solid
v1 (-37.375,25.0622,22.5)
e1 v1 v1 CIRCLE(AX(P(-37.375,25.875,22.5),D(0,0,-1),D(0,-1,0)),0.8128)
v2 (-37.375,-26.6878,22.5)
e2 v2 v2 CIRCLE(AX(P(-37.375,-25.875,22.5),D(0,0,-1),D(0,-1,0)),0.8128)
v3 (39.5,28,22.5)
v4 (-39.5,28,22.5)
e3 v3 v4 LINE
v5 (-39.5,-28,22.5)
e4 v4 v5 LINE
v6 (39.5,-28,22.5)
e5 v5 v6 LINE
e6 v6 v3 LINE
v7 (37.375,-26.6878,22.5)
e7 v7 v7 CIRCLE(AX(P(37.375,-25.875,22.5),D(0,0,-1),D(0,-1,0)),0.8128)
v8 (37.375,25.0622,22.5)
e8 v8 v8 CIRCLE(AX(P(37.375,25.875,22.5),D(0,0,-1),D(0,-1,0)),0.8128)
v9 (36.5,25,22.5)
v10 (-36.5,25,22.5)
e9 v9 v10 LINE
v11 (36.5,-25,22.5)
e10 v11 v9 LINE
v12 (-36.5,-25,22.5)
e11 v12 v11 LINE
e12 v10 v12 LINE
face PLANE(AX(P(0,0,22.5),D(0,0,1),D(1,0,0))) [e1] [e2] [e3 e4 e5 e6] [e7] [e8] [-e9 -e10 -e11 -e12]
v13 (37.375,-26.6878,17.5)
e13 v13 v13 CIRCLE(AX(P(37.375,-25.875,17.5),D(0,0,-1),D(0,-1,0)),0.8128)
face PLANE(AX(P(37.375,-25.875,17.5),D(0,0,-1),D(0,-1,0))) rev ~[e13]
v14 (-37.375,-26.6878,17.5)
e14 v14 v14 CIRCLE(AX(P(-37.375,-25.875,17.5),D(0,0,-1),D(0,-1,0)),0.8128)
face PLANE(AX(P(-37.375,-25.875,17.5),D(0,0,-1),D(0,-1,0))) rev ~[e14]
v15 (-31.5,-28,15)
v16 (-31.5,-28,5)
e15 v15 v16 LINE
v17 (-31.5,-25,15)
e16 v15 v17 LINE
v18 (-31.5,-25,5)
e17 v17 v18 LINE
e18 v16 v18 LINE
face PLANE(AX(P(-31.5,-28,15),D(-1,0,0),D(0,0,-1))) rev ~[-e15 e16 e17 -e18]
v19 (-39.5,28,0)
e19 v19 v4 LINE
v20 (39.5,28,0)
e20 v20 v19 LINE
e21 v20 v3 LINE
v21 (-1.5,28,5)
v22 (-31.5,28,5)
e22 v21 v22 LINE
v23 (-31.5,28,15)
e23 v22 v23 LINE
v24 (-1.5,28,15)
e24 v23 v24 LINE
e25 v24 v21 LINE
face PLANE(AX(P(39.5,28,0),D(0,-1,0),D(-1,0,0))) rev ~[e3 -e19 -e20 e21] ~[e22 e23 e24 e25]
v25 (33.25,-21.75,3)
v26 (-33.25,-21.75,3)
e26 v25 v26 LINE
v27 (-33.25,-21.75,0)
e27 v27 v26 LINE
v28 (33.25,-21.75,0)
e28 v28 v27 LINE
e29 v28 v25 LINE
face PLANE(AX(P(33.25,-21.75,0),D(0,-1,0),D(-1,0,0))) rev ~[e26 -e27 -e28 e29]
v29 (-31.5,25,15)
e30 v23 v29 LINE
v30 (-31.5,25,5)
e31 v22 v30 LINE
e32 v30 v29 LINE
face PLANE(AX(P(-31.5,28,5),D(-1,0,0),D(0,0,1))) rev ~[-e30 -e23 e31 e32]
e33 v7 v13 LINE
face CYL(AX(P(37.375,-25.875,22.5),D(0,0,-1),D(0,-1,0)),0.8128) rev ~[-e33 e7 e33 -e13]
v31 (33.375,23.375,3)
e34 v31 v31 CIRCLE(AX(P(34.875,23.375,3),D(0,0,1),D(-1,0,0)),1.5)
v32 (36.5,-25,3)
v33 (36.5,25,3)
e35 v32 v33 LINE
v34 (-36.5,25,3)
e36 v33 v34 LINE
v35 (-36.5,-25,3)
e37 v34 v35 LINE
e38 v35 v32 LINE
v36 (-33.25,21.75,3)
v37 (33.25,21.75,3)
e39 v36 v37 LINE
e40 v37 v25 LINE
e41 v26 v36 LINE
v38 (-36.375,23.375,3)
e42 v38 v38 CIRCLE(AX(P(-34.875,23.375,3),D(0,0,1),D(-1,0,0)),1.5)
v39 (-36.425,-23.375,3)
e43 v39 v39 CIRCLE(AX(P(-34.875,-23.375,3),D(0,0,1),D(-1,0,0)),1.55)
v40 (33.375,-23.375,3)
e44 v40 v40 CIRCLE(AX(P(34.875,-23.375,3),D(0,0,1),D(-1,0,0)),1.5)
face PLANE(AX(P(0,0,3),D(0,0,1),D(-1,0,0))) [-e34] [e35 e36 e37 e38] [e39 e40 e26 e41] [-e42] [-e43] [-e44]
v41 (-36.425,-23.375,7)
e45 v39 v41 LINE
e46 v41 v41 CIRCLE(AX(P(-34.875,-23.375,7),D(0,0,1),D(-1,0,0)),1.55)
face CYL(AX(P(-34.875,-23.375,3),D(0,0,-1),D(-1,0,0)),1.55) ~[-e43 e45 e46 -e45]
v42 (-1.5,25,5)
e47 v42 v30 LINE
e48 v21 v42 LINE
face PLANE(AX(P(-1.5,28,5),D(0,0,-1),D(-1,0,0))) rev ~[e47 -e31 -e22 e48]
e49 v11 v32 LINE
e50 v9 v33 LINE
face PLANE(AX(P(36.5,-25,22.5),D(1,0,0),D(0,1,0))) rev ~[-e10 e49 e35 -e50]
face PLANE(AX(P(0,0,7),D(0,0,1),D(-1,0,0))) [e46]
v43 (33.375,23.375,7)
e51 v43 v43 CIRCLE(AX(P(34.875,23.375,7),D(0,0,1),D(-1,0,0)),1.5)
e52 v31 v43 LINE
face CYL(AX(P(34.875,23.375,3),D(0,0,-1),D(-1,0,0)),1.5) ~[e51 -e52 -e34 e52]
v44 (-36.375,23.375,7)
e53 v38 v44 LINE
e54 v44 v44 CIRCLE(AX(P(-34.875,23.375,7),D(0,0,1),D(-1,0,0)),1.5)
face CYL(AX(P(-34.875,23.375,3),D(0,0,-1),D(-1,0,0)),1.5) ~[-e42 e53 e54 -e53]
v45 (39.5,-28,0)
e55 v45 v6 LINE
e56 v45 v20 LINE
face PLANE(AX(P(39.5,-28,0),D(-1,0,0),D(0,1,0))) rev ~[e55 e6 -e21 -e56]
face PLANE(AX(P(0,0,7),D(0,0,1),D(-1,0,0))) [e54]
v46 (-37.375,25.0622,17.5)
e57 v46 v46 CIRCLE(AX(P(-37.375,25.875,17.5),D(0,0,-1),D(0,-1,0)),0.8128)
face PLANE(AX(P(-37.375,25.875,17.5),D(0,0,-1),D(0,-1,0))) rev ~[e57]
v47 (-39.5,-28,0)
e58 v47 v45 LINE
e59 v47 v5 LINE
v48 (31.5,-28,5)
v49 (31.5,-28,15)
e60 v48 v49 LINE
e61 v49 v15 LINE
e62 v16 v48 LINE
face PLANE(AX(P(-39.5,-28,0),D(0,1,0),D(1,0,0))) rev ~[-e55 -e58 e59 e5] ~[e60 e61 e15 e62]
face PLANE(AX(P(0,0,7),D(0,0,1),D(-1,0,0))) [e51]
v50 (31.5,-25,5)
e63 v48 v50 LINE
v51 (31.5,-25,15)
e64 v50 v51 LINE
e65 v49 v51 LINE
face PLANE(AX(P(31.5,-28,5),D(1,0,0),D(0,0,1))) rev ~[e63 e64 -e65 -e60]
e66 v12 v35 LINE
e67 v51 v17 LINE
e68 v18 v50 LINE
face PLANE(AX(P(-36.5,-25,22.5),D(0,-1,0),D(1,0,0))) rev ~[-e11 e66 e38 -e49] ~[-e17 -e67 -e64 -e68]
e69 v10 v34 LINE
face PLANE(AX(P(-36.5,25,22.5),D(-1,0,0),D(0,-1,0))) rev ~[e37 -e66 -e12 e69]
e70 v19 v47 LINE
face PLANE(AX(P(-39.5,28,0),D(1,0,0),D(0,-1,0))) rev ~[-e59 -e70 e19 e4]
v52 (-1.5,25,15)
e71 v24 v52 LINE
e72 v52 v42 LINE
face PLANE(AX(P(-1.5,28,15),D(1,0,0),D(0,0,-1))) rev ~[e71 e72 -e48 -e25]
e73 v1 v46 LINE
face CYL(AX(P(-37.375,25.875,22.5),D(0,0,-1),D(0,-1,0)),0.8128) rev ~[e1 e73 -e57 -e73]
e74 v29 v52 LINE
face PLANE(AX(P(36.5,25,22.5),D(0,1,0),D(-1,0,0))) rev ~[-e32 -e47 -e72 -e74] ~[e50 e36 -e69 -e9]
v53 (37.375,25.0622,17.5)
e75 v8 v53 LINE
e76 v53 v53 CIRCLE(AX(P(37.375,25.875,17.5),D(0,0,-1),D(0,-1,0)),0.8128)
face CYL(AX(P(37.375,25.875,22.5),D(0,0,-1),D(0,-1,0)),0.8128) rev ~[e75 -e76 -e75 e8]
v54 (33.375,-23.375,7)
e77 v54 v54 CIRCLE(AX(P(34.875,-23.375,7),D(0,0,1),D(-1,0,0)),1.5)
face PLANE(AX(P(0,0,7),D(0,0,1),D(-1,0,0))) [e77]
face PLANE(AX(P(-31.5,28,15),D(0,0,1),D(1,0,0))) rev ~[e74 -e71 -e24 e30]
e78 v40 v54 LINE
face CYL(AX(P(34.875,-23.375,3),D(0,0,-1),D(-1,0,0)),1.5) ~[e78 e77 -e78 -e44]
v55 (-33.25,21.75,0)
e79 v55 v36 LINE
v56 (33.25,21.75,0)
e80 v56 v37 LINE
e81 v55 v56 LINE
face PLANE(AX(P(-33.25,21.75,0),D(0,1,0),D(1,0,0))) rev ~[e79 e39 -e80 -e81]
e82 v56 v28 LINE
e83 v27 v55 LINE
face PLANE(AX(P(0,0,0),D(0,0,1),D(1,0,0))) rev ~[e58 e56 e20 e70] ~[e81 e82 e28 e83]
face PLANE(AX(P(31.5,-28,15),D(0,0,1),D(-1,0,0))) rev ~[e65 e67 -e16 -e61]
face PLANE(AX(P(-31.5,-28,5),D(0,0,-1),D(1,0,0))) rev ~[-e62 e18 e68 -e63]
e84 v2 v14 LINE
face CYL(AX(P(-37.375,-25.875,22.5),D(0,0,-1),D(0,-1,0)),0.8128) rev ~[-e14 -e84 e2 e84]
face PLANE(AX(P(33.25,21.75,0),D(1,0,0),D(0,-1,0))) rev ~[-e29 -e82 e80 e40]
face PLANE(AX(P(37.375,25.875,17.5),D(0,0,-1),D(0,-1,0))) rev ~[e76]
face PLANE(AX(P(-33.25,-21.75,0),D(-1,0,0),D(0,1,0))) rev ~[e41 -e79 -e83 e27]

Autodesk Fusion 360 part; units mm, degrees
sketch "Sketch1" plane through (0, 0, 0) normal (0, 0, 1) x (1, 0, 0)
  line L0 (39.5, 28) -> (-39.5, 28)
  line L1 (-39.5, 28) -> (-39.5, -28)
  line L2 (-39.5, -28) -> (39.5, -28)
  line L3 (39.5, -28) -> (39.5, 28)
  line L4 (39.5, 28) -> (-39.5, -28) construction
  line L5 (-39.5, 28) -> (39.5, -28) construction
  dimension "d1" = 79
  dimension "d2" = 56
extrude "Extrude1" add sketch "Sketch1" along normal blind 22.5
sketch "Sketch2" plane through (0, 0, 22.5) normal (0, 0, 1) x (-1, 0, 0)
  line L0 (-39.5, 28) -> (-39.5, -28)
  line L1 (-39.5, -28) -> (39.5, -28)
  line L2 (39.5, -28) -> (39.5, 28)
  line L3 (39.5, 28) -> (-39.5, 28)
  line L4 (-36.5, -25) -> (36.5, -25)
  line L5 (36.5, -25) -> (36.5, 25)
  line L6 (36.5, 25) -> (-36.5, 25)
  line L7 (-36.5, 25) -> (-36.5, -25)
  line L8 (-36.5, -25) -> (36.5, 25) construction
  line L9 (36.5, -25) -> (-36.5, 25) construction
  dimension "d5" = 73
  dimension "d6" = 50
extrude "Extrude2" cut sketch "Sketch2" against normal blind 19.5 contours L4 L5 L6 L7
sketch "Sketch3" plane through (0, 0, 0) normal (0, 0, -1) x (1, 0, 0)
  line L0 (39.5, -28) -> (39.5, 28)
  line L1 (39.5, 28) -> (-39.5, 28)
  line L2 (-39.5, 28) -> (-39.5, -28)
  line L3 (-39.5, -28) -> (39.5, -28)
  line L4 (33.25, 21.75) -> (-33.25, 21.75)
  line L5 (-33.25, 21.75) -> (-33.25, -21.75)
  line L6 (-33.25, -21.75) -> (33.25, -21.75)
  line L7 (33.25, -21.75) -> (33.25, 21.75)
  line L8 (33.25, 21.75) -> (-33.25, -21.75) construction
  line L9 (-33.25, 21.75) -> (33.25, -21.75) construction
  dimension "d9" = 66.5
  dimension "d10" = 43.5
sketch "Sketch4" plane through (0, 0, 0) normal (0, 0, -1) x (1, 0, 0)
extrude "Extrude3" cut sketch "Sketch3" against normal blind 3 contours L4 L5 L6 L7
sketch "Sketch5" plane through (0, 0, 3) normal (0, 0, 1) x (-1, 0, 0)
  line L0 (-33.25, 21.75) -> (33.25, 21.75)
  line L1 (33.25, 21.75) -> (33.25, -21.75)
  line L2 (33.25, -21.75) -> (-33.25, -21.75)
  line L3 (-33.25, -21.75) -> (-33.25, 21.75)
  line L4 (-36.5, 25) -> (-36.5, -25)
  line L5 (-36.5, -25) -> (36.5, -25)
  line L6 (36.5, -25) -> (36.5, 25)
  line L7 (36.5, 25) -> (-36.5, 25)
  circle A0 centre (34.875, -23.375) radius 1.5
  dimension "d13" = 3
  dimension "d14" = 1.625
  dimension "d15" = 1.625
sketch "Sketch6" plane through (0, 0, 3) normal (0, 0, 1) x (-1, 0, 0)
  circle A0 centre (-34.875, -23.375) radius 1.5
  line L0 (-36.5, -25) -> (36.5, -25)
  line L1 (-36.5, 25) -> (-36.5, -25)
  circle A1 centre (-34.875, 23.375) radius 1.5
  line L2 (36.5, 25) -> (-36.5, 25)
  circle A2 centre (34.875, 23.375) radius 1.5
  line L3 (36.5, -25) -> (36.5, 25)
  dimension "d16" = 3
  dimension "d17" = 1.625
  dimension "d18" = 1.625
  dimension "d19" = 3
  dimension "d20" = 1.625
  dimension "d21" = 1.625
  dimension "d25" = 3
  dimension "d26" = 1.625
  dimension "d27" = 1.625
sketch "Sketch7" plane through (0, 0, 3) normal (0, 0, 1) x (-1, 0, 0)
  circle A0 centre (34.875, 23.375) radius 1.55
  line L0 (36.5, 25) -> (-36.5, 25)
  line L1 (36.5, -25) -> (36.5, 25)
  dimension "d22" = 3.1
  dimension "d23" = 1.625
  dimension "d24" = 1.625
extrude "Extrude4" add sketch "Sketch5" sketch "Sketch7" sketch "Sketch6" along normal blind 4 contours A0 of sketch 2 of sketch 3 contours A0 | A1
sketch "Sketch8" plane through (0, -28, 0) normal (0, -1, 0) x (1, 0, 0)
  line L0 (-39.5, 0) -> (39.5, 0)
  line L1 (39.5, 0) -> (39.5, 22.5)
  line L2 (39.5, 22.5) -> (-39.5, 22.5)
  line L3 (-39.5, 22.5) -> (-39.5, 0)
  line L4 (31.5, 15) -> (-31.5, 15)
  line L5 (-31.5, 15) -> (-31.5, 5)
  line L6 (-31.5, 5) -> (31.5, 5)
  line L7 (31.5, 5) -> (31.5, 15)
  line L8 (31.5, 15) -> (-31.5, 5) construction
  line L9 (-31.5, 15) -> (31.5, 5) construction
  point P0 (0, 10)
  dimension "d30" = 63
  dimension "d31" = 10
  dimension "d33" = 15
extrude "Extrude5" cut sketch "Sketch8" against normal blind 3 contours L4 L5 L6 L7
sketch "Sketch9" plane through (0, 28, 0) normal (0, 1, 0) x (-1, 0, 0)
  line L0 (-39.5, 0) -> (39.5, 0)
  line L1 (39.5, 0) -> (39.5, 22.5)
  line L2 (39.5, 22.5) -> (-39.5, 22.5)
  line L3 (-39.5, 22.5) -> (-39.5, 0)
  line L4 (31.5, 15) -> (1.5, 15)
  line L5 (1.5, 15) -> (1.5, 5)
  line L6 (1.5, 5) -> (31.5, 5)
  line L7 (31.5, 5) -> (31.5, 15)
  line L8 (31.5, 15) -> (1.5, 5) construction
  line L9 (1.5, 15) -> (31.5, 5) construction
  point P0 (16.5, 10)
  dimension "d36" = 30
  dimension "d37" = 10
  dimension "d38" = 8
  dimension "d39" = 15
extrude "Extrude6" cut sketch "Sketch9" against normal blind 3 contours L4 L5 L6 L7
sketch "Sketch11" plane through (0, 0, 22.5) normal (0, 0, 1) x (-1, 0, 0)
  line L0 (36.5, -25) -> (-36.5, -25)
  line L1 (-36.5, -25) -> (-36.5, 25)
  line L2 (-36.5, 25) -> (36.5, 25)
  line L3 (36.5, 25) -> (36.5, -25)
  line L4 (-39.5, 28) -> (-39.5, -28)
  line L5 (-39.5, -28) -> (39.5, -28)
  line L6 (39.5, -28) -> (39.5, 28)
  line L7 (39.5, 28) -> (-39.5, 28)
  circle A0 centre (37.375, -25.875) radius 1
  circle A1 centre (37.375, 25.875) radius 1
  circle A2 centre (-37.375, 25.875) radius 1
  circle A3 centre (-37.375, -25.875) radius 1
  dimension "d56" = 2
  dimension "d57" = 2
  dimension "d58" = 2
  dimension "d59" = 2
  dimension "d60" = 2.125
  dimension "d61" = 2.125
  dimension "d62" = 2.125
  dimension "d63" = 2.125
  dimension "d64" = 2.125
  dimension "d65" = 2.125
  dimension "d66" = 2.125
  dimension "d67" = 2.125
hole "Hole1" at (-37.375, 25.875, 22.5) at (37.375, 25.875, 22.5) at (37.375, -25.875, 22.5) at (-37.375, -25.875, 22.5) direction (0, 0, -1) diameter 1.6256 depth 5 tip angle 180
